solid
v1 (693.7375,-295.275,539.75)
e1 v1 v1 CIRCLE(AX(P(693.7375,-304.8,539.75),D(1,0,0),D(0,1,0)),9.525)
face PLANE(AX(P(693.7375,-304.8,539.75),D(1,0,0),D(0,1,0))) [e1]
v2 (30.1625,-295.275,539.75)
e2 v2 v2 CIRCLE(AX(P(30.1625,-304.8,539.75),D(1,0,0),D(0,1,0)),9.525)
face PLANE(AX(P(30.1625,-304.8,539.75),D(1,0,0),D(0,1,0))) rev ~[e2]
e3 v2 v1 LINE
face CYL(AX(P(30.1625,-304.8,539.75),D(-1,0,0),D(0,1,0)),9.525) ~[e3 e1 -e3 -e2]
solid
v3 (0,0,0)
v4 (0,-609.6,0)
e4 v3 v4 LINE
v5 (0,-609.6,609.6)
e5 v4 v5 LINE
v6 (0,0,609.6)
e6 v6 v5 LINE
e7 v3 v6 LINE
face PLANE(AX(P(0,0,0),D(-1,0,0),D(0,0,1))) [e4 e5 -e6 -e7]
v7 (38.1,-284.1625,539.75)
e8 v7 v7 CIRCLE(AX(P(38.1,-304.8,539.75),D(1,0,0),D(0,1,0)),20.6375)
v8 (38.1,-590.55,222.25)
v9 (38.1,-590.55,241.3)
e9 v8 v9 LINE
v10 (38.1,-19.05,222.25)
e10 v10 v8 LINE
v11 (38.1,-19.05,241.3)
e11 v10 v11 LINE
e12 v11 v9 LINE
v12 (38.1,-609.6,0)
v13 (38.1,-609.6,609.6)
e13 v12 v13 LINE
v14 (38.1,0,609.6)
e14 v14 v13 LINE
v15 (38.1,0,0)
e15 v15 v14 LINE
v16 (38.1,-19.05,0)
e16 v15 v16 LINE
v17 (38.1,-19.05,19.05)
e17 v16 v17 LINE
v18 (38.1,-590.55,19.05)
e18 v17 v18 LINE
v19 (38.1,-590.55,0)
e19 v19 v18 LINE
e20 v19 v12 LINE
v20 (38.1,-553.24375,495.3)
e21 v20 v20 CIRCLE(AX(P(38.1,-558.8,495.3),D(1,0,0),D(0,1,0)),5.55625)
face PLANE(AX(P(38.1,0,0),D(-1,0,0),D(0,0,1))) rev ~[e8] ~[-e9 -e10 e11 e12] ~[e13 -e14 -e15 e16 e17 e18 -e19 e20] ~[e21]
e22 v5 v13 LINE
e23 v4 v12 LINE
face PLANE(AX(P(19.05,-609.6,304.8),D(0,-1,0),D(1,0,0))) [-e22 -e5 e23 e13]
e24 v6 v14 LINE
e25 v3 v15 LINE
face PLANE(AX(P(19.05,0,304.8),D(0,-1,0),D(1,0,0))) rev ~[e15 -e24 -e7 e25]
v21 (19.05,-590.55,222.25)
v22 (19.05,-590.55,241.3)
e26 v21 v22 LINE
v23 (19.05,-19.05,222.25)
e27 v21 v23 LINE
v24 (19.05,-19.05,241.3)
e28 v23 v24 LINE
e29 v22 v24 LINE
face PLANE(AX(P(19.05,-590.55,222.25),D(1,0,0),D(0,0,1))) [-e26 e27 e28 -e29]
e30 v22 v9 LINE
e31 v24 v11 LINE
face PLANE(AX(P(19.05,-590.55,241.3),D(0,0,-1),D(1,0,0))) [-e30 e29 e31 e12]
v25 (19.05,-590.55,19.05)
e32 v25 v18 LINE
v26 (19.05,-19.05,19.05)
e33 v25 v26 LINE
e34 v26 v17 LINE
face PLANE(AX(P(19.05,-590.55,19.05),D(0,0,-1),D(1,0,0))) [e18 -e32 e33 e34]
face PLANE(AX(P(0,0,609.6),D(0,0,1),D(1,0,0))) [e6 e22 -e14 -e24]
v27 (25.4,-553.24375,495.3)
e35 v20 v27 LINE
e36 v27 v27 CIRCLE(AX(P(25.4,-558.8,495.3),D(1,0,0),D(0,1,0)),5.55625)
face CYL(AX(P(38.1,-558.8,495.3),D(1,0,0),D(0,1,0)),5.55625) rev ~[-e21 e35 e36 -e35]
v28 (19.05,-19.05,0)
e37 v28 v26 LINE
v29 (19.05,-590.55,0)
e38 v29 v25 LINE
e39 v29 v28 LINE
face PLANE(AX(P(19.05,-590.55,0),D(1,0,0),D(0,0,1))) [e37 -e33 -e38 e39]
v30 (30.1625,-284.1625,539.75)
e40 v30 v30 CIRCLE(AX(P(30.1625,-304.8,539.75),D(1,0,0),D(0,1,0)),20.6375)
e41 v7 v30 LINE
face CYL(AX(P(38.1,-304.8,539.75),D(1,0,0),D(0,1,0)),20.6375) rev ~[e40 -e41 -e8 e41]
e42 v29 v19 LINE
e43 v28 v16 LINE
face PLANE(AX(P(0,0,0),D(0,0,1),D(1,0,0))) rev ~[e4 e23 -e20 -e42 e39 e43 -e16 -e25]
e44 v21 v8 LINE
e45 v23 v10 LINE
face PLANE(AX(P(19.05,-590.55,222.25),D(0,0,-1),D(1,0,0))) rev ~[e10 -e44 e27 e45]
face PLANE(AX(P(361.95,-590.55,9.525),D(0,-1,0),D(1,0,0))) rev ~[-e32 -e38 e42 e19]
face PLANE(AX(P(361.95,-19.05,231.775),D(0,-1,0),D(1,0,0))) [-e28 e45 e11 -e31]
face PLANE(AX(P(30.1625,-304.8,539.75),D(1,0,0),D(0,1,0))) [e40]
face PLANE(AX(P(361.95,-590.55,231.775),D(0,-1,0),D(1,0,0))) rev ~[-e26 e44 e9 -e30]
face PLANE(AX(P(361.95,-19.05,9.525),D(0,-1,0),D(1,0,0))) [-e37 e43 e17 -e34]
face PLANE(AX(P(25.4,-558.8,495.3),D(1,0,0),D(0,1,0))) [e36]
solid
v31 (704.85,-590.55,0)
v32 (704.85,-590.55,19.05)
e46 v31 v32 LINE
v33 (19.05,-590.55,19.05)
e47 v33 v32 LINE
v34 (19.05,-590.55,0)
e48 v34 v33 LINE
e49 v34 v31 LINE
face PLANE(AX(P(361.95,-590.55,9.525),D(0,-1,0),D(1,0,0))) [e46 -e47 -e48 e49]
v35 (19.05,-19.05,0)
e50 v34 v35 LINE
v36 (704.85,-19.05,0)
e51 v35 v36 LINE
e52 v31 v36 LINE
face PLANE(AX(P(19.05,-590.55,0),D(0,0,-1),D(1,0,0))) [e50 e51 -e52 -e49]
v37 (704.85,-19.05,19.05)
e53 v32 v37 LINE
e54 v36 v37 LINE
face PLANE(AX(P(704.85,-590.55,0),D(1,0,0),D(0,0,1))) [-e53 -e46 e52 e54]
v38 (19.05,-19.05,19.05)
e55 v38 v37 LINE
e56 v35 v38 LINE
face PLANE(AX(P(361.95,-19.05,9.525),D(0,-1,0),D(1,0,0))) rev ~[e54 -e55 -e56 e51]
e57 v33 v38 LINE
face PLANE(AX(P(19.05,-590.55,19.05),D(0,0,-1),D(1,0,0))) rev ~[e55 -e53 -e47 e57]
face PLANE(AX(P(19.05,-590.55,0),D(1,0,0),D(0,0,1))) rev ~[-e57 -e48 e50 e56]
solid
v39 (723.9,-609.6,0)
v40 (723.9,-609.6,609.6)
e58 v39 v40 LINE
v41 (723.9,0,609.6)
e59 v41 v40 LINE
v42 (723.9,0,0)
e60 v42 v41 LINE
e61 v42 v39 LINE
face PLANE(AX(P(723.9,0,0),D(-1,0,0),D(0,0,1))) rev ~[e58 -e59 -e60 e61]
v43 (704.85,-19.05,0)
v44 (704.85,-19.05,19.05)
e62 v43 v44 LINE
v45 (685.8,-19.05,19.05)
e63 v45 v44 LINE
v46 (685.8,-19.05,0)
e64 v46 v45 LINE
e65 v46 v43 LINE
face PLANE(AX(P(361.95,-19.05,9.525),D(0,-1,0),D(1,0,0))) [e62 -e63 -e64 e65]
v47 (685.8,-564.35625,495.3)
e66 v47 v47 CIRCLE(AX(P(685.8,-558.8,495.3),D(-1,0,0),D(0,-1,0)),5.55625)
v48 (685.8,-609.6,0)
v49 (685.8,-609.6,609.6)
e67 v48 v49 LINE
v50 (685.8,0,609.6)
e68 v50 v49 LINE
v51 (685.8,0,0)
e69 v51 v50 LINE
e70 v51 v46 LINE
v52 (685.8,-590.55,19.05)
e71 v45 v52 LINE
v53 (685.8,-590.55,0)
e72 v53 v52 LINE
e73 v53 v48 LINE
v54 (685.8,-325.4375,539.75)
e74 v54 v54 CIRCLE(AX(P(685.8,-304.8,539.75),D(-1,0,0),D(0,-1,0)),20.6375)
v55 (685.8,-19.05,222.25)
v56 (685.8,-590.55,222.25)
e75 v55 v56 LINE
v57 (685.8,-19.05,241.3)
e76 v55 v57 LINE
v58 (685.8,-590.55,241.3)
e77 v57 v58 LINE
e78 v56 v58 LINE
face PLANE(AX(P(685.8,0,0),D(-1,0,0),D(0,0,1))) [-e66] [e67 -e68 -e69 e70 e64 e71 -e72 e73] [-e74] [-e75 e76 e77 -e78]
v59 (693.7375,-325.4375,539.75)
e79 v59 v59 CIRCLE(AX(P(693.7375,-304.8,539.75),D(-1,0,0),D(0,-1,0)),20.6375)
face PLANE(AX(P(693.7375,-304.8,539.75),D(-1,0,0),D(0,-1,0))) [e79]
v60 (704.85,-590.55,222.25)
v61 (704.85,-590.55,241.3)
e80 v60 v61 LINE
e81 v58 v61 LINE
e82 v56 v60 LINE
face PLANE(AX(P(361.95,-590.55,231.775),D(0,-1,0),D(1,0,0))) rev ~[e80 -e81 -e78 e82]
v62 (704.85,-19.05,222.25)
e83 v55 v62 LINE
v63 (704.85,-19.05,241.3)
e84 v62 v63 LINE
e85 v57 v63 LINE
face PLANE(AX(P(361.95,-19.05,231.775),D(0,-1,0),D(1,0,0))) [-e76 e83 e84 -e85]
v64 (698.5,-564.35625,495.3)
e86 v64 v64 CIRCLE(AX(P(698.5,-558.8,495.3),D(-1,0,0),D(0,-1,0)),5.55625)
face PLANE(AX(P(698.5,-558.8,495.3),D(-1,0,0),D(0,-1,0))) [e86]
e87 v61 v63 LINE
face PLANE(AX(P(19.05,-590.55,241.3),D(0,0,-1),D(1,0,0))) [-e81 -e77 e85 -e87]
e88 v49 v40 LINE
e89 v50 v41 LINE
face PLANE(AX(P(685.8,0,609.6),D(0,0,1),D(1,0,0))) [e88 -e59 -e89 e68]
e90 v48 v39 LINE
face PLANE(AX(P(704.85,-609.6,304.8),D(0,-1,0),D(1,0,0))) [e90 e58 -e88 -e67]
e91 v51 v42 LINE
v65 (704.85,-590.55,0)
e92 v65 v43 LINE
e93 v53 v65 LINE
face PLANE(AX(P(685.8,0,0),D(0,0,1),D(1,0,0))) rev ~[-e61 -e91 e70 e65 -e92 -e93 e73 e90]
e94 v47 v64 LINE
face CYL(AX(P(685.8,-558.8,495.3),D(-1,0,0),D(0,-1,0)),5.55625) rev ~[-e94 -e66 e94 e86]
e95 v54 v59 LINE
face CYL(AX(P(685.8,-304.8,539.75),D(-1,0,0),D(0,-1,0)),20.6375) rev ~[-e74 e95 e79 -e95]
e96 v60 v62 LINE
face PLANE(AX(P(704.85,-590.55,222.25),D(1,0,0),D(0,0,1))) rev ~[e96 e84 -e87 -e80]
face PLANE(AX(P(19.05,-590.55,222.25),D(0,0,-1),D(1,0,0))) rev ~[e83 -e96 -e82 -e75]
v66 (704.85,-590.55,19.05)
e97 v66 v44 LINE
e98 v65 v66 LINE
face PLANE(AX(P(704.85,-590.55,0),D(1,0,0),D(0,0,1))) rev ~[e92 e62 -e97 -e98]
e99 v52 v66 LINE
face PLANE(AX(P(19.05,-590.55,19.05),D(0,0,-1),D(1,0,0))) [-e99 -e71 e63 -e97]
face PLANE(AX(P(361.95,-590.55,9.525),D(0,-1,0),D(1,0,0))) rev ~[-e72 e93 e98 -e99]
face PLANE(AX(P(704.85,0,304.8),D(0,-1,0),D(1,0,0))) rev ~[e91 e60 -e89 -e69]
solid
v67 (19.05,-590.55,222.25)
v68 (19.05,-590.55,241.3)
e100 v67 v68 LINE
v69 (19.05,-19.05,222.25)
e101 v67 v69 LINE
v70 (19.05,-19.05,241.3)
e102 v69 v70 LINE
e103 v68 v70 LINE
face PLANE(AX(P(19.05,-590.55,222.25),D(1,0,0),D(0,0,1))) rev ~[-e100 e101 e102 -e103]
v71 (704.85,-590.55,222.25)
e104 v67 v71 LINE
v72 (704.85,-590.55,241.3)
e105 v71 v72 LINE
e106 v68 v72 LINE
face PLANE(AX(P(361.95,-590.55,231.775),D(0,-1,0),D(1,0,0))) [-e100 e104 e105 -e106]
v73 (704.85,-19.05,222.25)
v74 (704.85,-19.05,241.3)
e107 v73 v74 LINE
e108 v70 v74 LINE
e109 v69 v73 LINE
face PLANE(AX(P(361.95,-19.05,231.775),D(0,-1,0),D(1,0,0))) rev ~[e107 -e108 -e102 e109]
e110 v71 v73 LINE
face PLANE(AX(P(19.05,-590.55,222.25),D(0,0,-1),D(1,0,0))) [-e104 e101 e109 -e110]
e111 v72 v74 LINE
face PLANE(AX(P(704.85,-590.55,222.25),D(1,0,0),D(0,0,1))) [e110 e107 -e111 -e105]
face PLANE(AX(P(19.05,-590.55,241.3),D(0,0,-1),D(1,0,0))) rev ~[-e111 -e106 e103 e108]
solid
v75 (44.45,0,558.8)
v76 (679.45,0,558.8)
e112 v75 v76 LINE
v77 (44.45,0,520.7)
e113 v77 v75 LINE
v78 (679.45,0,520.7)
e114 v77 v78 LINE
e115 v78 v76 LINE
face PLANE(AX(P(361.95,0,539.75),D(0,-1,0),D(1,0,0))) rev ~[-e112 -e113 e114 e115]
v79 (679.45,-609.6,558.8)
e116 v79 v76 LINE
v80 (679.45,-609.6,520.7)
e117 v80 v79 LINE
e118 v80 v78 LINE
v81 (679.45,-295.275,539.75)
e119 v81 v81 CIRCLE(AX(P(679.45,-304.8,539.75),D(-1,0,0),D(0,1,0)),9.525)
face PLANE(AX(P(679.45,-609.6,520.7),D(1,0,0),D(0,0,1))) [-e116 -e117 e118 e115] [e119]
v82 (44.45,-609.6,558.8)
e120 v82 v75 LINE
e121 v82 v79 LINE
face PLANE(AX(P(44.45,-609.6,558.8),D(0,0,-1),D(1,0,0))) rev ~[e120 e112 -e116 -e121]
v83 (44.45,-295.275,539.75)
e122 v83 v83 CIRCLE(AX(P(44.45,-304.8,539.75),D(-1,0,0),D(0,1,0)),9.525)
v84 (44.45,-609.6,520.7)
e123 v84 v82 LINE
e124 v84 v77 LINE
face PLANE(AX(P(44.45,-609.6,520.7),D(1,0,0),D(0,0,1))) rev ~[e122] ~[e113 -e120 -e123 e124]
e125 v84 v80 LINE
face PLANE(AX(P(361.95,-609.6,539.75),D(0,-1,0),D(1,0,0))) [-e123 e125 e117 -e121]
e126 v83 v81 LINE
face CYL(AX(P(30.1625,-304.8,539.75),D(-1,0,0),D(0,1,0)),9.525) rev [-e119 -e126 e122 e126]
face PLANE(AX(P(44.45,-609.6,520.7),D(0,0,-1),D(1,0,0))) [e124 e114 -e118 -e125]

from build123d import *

# Parameters (mm, degrees)
F0_W      = 38.1
F0_H      = 609.6
F1_DEPTH  = 609.6
F4_W      = 685.8
F4_H      = 19.05
F5_DEPTH  = 571.5
F7_W      = 685.8
F7_H      = 19.05
F8_DEPTH  = 571.5
F10_R     = 20.6375
F11_DEPTH = 7.9375
F12_R     = 20.6375
F13_DEPTH = 7.9375
F14_R     = 9.525
F15_DEPTH = 663.575
F16_W     = 635
F16_H     = 38.1
F17_DEPTH = 609.6
F19_R     = 5.55625
F20_DEPTH = 12.7
F21_R     = 5.55625
F22_DEPTH = 12.7


with BuildPart() as f1:
    # F0 (on Front) → F1 (new body)
    with BuildSketch(Plane.XZ):
        with Locations((19.05, 304.8)):
            Rectangle(F0_W, F0_H)
    extrude(amount=F1_DEPTH)


with BuildPart() as f2_1:
    # F2: copy of F1
    add(f1.part.moved(Location((685.8, 0, 0))))


with BuildPart() as f5:
    # F4 (on offset) → F5 (new body)
    with BuildSketch(Plane.XZ.offset(590.55)):
        with Locations((361.95, 9.525)):
            Rectangle(F4_W, F4_H)
    extrude(amount=-F5_DEPTH)


with BuildPart() as f1_1:
    add(f1.part)

    # F6: cut F5
    add(f5.part, mode=Mode.SUBTRACT)


with BuildPart() as f2_1_1:
    add(f2_1.part)

    # F6: cut F5
    add(f5.part, mode=Mode.SUBTRACT)


with BuildPart() as f8:
    # F7 (on offset) → F8 (new body)
    with BuildSketch(Plane.XZ.offset(590.55)):
        with Locations((361.95, 231.775)):
            Rectangle(F7_W, F7_H)
    extrude(amount=-F8_DEPTH)


with BuildPart() as f1_2:
    add(f1_1.part)

    # F9: cut F8
    add(f8.part, mode=Mode.SUBTRACT)

    # F10 (on face) → F11 (cut)
    with BuildSketch(Plane.YZ.offset(38.1)):
        with Locations((-304.8, 539.75)):
            Circle(F10_R)
    extrude(amount=-F11_DEPTH, mode=Mode.SUBTRACT)

    # F19 (on face) → F20 (cut)
    with BuildSketch(Plane.YZ.offset(38.1)):
        with Locations((-558.8, 495.3)):
            Circle(F19_R)
    extrude(amount=-F20_DEPTH, mode=Mode.SUBTRACT)


with BuildPart() as f2_1_2:
    add(f2_1_1.part)

    # F9: cut F8
    add(f8.part, mode=Mode.SUBTRACT)

    # F12 (on face) → F13 (cut)
    with BuildSketch(Plane(origin=(685.8, 0, 0), x_dir=(0, -1, 0), z_dir=(-1, 0, 0))):
        with Locations((304.8, 539.75)):
            Circle(F12_R)
    extrude(amount=-F13_DEPTH, mode=Mode.SUBTRACT)

    # F21 (on face) → F22 (cut)
    with BuildSketch(Plane(origin=(685.8, 0, 0), x_dir=(0, -1, 0), z_dir=(-1, 0, 0))):
        with Locations((558.8, 495.3)):
            Circle(F21_R)
    extrude(amount=-F22_DEPTH, mode=Mode.SUBTRACT)


with BuildPart() as f15:
    # F14 (on face) → F15 (new body, through all)
    with BuildSketch(Plane.YZ.offset(30.1625)):
        with Locations((-304.8, 539.75)):
            Circle(F14_R)
    extrude(amount=F15_DEPTH)


with BuildPart() as f17:
    # F16 (on face) → F17 (new body)
    with BuildSketch(Plane.XZ.offset(609.6)):
        with Locations((361.95, 539.75)):
            Rectangle(F16_W, F16_H)
    extrude(amount=-F17_DEPTH)

    # F18: cut F15
    add(f15.part, mode=Mode.SUBTRACT)


solid = Compound([f5.part, f8.part, f1_2.part, f2_1_2.part, f15.part, f17.part])
